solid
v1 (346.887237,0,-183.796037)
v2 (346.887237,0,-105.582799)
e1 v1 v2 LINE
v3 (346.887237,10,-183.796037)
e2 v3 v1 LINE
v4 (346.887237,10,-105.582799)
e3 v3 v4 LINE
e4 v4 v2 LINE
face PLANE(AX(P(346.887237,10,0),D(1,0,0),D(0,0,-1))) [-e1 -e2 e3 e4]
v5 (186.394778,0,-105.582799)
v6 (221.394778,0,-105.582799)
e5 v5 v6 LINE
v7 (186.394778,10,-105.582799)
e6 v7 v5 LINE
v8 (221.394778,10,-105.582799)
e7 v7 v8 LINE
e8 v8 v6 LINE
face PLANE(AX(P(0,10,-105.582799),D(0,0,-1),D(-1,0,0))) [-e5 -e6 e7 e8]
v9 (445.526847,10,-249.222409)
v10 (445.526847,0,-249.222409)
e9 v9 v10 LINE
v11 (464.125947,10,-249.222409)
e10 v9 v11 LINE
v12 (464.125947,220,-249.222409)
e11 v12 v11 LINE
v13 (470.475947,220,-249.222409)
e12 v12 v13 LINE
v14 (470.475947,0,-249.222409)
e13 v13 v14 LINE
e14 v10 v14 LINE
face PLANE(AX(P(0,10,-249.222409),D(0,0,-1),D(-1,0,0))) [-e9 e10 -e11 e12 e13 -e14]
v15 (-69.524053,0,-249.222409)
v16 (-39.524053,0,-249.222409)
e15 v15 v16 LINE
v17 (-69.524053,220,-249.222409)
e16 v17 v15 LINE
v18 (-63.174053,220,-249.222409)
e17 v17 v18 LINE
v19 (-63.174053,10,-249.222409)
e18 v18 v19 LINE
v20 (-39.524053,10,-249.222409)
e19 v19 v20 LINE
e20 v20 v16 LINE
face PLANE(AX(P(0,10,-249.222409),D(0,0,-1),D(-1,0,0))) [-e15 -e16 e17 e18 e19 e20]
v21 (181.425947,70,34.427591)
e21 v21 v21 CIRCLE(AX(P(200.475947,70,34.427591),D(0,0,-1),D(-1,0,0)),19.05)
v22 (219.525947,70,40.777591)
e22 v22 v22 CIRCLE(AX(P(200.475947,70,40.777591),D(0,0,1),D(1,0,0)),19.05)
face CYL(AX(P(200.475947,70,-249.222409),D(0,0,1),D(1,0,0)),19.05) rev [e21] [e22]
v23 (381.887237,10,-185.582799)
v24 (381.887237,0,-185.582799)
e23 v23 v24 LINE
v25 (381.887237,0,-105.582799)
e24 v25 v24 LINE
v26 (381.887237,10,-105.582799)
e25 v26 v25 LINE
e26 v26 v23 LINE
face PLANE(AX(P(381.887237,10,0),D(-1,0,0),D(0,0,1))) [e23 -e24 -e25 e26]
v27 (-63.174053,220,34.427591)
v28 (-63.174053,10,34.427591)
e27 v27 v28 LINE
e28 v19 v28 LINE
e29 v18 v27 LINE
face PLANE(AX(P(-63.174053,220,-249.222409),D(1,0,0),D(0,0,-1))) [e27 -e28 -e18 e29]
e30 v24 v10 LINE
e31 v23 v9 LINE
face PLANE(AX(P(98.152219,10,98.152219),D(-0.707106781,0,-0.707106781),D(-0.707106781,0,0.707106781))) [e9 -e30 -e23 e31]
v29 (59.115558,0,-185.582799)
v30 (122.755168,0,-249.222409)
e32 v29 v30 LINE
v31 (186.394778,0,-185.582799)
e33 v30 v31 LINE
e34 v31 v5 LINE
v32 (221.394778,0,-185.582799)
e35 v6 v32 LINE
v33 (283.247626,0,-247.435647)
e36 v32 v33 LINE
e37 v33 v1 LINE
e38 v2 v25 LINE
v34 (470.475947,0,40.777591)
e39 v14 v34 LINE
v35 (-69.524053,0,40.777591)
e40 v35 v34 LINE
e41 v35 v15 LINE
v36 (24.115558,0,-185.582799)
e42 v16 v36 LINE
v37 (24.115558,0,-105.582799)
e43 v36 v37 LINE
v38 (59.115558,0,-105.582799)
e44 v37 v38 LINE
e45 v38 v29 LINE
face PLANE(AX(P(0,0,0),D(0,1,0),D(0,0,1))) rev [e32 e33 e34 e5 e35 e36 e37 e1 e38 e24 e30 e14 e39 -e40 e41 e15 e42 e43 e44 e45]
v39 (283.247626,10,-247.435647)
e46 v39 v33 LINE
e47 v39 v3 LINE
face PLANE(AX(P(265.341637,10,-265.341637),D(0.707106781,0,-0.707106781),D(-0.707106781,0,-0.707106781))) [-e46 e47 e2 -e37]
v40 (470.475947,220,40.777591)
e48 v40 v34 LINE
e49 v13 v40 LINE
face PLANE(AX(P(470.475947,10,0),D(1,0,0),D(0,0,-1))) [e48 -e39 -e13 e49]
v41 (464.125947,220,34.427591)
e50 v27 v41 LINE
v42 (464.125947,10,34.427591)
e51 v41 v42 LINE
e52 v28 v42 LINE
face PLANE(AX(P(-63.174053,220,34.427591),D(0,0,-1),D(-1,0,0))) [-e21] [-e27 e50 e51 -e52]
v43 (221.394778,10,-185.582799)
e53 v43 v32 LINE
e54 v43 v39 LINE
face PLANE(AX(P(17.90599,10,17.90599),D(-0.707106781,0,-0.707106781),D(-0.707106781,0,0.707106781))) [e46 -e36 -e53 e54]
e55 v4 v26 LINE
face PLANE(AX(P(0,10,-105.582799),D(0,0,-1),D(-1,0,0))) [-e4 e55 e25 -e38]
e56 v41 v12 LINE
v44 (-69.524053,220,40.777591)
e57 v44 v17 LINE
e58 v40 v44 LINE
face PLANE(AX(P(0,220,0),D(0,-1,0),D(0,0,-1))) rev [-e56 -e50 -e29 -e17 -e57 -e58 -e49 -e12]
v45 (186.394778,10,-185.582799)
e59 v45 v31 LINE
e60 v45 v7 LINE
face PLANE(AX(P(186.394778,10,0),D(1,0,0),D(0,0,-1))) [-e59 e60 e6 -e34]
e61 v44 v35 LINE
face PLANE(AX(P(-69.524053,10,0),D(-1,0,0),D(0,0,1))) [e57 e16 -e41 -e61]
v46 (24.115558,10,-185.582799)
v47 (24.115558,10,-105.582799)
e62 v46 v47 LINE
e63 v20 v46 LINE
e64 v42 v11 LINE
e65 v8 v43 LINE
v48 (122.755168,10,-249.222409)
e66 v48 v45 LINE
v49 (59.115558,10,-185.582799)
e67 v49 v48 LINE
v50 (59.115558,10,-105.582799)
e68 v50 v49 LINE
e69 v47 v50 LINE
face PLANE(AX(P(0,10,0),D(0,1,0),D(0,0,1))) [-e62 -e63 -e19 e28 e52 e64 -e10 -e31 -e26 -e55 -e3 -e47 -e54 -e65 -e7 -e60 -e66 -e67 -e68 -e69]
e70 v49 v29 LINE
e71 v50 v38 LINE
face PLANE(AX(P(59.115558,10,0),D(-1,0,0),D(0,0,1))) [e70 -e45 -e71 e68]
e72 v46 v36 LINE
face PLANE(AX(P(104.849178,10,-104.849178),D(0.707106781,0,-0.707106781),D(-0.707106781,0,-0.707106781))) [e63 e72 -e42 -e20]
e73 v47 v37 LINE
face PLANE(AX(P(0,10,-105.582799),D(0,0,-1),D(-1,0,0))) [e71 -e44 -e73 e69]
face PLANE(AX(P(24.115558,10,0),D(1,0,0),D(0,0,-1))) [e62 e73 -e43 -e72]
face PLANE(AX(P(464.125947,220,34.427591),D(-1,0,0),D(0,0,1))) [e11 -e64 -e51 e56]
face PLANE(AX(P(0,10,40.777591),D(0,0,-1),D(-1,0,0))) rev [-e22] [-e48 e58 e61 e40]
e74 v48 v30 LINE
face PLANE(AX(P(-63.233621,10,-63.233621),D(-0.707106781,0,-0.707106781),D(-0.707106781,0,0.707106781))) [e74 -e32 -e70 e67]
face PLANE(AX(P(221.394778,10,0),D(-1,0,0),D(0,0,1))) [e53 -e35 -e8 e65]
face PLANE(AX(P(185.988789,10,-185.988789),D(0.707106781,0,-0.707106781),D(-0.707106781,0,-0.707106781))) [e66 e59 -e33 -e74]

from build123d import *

# Parameters (mm, degrees)
BOSS_EXTRUDE5_DEPTH     = 10
BOSS_EXTRUDE6_DEPTH     = 210
CUT_EXTRUDE1_DEPTH      = 577.072414333
CUT_EXTRUDE1_DEPTH_BACK = 577.072414333
SKETCH6_R               = 19.05


with BuildPart() as part:
    # Sketch1 → Boss-Extrude5 (new body)
    with BuildSketch(Plane(origin=(0, 0, 0), x_dir=(1, 0, 0), z_dir=(0, 1, 0))):
        Polygon((-69.524052506, -40.777590524), (-69.524052506, 249.222409476), (-39.524052506, 249.222409476), (24.115557801, 185.58279917), (24.115557801, 105.58279917), (59.115557801, 105.58279917), (59.115557801, 185.58279917), (122.755168108, 249.222409476), (186.394778415, 185.58279917), (186.394778415, 105.58279917), (221.394778415, 105.58279917), (221.394778415, 185.58279917), (283.247626246, 247.435647001), (346.887236552, 183.796036694), (346.887236552, 105.58279917), (381.887236552, 105.58279917), (381.887236552, 185.58279917), (445.526846859, 249.222409476), (470.475947494, 249.222409476), (470.475947494, -40.777590524), align=None)
    extrude(amount=BOSS_EXTRUDE5_DEPTH)

    # Sketch5 → Boss-Extrude6 (add)
    with BuildSketch(Plane(origin=(0, 10, 0), x_dir=(1, 0, 0), z_dir=(0, 1, 0))):
        Polygon((-69.524052506, -40.777590524), (-69.524052506, 249.222409476), (-63.174052506, 249.222409476), (-63.174052506, -34.427590524), (464.125947494, -34.427590524), (464.125947494, 249.222409476), (470.475947494, 249.222409476), (470.475947494, -40.777590524), align=None)
    extrude(amount=BOSS_EXTRUDE6_DEPTH)

    # Sketch6 → Cut-Extrude1 (cut, two sides: drawn at the far end of the back side and taken through both)
    with BuildSketch(Plane.XY.offset(-CUT_EXTRUDE1_DEPTH_BACK)):
        with Locations((200.475947494, 70)):
            Circle(SKETCH6_R)
    extrude(amount=CUT_EXTRUDE1_DEPTH + CUT_EXTRUDE1_DEPTH_BACK, mode=Mode.SUBTRACT)


solid = part.part
